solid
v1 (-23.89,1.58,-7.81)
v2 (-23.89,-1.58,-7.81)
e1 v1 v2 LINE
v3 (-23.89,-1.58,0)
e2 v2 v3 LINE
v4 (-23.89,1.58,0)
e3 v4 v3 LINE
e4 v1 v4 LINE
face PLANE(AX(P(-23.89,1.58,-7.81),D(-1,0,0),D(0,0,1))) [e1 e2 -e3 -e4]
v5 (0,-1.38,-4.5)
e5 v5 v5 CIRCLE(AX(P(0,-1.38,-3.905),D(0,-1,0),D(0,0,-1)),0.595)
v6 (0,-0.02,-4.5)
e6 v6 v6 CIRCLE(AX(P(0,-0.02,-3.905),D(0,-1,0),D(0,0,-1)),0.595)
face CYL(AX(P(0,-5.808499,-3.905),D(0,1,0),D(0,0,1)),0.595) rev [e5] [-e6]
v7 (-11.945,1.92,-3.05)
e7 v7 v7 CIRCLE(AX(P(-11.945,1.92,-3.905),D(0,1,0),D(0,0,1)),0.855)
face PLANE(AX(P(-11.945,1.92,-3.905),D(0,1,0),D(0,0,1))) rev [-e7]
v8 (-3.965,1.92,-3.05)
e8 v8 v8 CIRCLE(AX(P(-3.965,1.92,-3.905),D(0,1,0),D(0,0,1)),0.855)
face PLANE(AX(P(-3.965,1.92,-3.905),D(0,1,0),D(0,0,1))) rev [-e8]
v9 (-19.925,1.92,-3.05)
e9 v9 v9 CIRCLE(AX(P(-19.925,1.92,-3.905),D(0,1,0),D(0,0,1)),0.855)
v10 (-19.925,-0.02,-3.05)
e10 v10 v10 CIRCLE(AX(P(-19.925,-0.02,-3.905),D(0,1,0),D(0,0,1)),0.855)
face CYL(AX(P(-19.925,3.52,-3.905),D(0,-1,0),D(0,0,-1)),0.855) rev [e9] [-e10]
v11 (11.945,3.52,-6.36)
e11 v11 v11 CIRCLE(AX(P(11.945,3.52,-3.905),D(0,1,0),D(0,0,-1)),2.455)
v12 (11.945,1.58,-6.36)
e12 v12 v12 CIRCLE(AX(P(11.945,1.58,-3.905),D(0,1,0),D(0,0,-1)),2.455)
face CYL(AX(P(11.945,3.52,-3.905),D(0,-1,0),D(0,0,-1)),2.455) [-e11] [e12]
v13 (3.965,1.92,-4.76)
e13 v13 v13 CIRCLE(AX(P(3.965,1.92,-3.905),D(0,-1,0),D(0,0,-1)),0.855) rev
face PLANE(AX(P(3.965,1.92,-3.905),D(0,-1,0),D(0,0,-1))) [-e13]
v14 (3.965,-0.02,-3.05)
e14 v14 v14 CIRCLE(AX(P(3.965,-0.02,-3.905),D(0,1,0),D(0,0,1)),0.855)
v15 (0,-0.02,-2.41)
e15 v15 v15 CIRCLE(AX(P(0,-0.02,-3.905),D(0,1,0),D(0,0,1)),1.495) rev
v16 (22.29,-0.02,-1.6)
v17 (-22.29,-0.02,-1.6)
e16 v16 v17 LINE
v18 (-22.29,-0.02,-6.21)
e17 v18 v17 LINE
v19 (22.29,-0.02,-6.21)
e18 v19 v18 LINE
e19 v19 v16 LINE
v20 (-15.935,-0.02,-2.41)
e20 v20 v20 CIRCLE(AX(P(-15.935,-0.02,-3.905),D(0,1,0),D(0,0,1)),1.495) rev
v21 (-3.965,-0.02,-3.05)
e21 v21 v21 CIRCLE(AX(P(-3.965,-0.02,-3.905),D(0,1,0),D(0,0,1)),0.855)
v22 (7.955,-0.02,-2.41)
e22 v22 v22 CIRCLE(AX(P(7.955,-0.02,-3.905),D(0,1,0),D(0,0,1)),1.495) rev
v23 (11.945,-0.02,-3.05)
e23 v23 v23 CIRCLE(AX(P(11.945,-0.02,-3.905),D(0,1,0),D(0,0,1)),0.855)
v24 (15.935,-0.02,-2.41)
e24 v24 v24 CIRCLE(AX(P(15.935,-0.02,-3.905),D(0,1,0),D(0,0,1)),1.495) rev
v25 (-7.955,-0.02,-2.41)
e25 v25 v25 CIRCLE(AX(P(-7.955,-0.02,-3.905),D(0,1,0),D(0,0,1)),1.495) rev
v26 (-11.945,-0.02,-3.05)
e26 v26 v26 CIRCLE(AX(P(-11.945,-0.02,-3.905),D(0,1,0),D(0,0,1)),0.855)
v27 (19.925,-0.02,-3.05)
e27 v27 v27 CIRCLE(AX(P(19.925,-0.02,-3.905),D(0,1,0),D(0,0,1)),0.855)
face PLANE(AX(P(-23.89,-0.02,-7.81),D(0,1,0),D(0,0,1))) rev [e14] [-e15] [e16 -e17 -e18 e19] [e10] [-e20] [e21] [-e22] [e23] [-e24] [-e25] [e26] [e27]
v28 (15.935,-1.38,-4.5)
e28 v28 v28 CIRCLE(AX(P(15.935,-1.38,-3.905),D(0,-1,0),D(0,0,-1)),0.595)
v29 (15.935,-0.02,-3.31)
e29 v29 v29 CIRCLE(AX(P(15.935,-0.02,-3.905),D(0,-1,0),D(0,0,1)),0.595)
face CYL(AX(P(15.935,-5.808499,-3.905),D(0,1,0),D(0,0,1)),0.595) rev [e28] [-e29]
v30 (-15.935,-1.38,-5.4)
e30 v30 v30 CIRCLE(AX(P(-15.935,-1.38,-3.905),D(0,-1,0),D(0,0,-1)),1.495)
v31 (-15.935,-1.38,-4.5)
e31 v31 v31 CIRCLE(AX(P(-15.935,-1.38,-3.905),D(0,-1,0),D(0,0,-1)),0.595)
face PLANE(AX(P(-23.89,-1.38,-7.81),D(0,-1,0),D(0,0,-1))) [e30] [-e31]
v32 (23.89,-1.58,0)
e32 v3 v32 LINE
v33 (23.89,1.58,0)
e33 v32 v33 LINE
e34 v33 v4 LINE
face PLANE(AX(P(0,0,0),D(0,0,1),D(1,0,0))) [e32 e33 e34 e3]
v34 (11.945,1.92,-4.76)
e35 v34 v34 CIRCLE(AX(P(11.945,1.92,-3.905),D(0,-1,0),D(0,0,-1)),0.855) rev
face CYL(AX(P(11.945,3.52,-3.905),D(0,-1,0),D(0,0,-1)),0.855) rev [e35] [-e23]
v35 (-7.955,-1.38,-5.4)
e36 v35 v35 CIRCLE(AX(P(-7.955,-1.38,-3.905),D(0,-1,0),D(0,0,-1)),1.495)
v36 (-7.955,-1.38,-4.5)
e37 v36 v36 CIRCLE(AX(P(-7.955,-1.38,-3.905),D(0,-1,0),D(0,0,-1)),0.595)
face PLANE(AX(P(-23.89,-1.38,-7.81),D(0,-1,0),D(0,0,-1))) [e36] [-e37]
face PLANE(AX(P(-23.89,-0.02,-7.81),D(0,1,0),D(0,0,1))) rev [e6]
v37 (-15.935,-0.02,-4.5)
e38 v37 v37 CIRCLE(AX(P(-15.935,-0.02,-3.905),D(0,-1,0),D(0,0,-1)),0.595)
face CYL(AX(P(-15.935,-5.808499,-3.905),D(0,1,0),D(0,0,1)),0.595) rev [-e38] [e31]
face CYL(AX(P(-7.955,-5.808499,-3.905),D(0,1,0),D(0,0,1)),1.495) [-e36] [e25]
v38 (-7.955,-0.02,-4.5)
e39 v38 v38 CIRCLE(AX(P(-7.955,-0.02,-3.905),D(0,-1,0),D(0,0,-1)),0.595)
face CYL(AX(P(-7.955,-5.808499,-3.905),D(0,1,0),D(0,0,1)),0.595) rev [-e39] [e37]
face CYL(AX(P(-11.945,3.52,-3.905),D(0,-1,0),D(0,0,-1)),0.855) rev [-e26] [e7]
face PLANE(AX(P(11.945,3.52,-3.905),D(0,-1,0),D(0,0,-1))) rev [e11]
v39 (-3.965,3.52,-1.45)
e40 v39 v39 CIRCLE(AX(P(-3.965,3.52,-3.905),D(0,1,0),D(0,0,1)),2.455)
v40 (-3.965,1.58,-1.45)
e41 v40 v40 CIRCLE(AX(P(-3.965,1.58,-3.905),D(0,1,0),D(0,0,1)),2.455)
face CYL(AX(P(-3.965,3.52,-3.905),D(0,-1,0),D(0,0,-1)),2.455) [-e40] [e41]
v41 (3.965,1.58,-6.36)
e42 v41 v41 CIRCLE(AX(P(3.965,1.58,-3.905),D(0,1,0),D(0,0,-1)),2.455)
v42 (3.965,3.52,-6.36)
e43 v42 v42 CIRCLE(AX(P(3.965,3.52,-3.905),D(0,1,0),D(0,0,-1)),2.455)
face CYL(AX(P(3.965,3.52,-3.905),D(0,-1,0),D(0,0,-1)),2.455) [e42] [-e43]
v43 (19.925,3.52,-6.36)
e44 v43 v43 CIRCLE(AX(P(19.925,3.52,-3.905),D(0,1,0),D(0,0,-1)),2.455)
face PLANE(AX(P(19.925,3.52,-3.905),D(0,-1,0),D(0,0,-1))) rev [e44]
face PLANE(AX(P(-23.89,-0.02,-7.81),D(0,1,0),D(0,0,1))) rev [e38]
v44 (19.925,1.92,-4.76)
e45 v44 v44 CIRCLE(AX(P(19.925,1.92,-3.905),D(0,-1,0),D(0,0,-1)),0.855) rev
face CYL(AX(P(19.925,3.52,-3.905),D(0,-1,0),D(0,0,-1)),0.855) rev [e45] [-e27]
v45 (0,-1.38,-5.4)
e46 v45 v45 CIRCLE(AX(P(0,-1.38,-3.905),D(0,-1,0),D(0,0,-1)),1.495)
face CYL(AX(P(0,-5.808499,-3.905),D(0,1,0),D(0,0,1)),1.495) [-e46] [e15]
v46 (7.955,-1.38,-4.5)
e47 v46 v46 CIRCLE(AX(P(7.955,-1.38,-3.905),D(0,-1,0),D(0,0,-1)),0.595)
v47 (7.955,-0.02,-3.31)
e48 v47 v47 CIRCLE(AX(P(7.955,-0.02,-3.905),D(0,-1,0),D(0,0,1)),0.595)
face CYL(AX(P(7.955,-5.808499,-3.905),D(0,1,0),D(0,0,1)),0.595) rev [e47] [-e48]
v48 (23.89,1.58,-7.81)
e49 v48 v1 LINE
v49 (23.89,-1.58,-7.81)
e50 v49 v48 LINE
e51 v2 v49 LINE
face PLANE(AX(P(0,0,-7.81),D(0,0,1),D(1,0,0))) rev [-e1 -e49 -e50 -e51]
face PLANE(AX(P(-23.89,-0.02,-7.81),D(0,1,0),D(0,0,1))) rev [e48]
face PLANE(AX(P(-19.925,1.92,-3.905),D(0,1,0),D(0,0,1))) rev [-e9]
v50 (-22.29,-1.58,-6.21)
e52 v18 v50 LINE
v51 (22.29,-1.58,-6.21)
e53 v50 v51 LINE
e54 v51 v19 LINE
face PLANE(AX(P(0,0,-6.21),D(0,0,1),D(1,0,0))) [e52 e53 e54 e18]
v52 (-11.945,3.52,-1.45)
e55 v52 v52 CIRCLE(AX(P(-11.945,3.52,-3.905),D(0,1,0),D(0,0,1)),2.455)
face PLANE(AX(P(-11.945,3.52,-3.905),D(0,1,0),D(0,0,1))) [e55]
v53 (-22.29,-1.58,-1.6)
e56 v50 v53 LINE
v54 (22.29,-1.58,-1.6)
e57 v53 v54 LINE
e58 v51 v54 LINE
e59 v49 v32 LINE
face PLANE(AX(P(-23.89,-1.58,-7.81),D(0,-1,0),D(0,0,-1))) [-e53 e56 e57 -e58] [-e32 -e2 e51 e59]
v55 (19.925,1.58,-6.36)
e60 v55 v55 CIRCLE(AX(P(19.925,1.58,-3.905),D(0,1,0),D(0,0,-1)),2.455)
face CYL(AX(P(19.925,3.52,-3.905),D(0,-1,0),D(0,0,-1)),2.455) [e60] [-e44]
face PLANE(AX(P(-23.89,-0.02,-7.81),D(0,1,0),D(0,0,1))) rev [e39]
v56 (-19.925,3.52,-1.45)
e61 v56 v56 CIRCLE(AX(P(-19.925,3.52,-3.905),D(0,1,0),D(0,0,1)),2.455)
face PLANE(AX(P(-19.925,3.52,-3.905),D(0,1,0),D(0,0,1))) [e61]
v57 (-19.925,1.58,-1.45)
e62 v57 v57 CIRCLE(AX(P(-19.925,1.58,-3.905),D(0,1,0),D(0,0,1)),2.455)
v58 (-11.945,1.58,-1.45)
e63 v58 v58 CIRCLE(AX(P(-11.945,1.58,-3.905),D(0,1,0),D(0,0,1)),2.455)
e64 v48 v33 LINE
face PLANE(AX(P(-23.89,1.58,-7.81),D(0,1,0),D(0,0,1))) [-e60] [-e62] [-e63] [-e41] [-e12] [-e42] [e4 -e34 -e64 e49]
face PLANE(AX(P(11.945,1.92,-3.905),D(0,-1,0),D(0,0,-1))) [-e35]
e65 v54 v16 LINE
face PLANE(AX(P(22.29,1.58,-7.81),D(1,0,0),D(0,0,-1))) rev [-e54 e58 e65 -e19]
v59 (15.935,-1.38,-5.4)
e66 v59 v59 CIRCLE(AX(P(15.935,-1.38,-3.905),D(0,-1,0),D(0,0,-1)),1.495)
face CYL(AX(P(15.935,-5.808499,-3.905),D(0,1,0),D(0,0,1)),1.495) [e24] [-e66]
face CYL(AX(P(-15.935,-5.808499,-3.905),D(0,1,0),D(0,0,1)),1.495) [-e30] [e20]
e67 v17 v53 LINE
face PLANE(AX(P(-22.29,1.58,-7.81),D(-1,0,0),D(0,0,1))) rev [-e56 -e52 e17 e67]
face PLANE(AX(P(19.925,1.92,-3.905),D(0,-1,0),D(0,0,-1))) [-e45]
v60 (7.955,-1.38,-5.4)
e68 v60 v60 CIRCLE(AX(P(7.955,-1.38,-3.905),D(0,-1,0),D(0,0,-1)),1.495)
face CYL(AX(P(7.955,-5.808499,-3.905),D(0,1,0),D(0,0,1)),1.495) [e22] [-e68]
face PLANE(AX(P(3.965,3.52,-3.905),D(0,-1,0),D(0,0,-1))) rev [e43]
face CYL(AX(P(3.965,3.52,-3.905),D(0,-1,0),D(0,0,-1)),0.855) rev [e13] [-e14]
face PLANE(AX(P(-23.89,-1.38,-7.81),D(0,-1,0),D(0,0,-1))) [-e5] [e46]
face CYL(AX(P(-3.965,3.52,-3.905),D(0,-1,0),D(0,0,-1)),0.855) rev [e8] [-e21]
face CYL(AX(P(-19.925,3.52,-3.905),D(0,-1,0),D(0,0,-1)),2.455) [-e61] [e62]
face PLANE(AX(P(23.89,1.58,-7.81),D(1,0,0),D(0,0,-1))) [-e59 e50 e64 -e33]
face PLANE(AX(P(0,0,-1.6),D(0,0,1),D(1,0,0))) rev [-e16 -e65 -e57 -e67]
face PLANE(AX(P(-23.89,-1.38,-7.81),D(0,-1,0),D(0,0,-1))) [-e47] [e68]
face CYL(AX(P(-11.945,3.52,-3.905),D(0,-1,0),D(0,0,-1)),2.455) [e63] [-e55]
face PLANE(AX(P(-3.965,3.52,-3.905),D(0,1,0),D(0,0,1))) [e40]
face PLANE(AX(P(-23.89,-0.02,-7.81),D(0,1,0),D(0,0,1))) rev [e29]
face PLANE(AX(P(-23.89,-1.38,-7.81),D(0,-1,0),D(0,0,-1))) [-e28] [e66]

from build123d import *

# Parameters (mm, degrees)
SKETCH2_W           = 47.78
SKETCH2_H           = 3.16
BOSS_EXTRUDE1_DEPTH = 7.81
SKETCH3_R           = 2.455
BOSS_EXTRUDE2_DEPTH = 1.94
SHELL1_T            = -1.6
SKETCH4_R           = 1.495
SKETCH4_R_2         = 0.595
BOSS_EXTRUDE3_DEPTH = 1.36


with BuildPart() as part:
    # Sketch2 → Boss-Extrude1 (new body)
    with BuildSketch(Plane.XY):
        Rectangle(SKETCH2_W, SKETCH2_H)
    extrude(amount=-BOSS_EXTRUDE1_DEPTH)

    # Sketch3 → Boss-Extrude2 (add)
    with BuildSketch(Plane(origin=(0, 1.58, 0), x_dir=(1, 0, 0), z_dir=(0, 1, 0))):
        with Locations(Location((-19.925, 3.905, 0), (0, 0, 270))):
            Circle(SKETCH3_R)
        with Locations(Location((-11.945, 3.905, 0), (0, 0, 270))):
            Circle(SKETCH3_R)
        with Locations(Location((-3.965, 3.905, 0), (0, 0, 270))):
            Circle(SKETCH3_R)
        with Locations(Location((3.965, 3.905, 0), (0, 0, 90))):
            Circle(SKETCH3_R)
        with Locations(Location((11.945, 3.905, 0), (0, 0, 90))):
            Circle(SKETCH3_R)
        with Locations(Location((19.925, 3.905, 0), (0, 0, 90))):
            Circle(SKETCH3_R)
    extrude(amount=BOSS_EXTRUDE2_DEPTH)

    # Shell1
    shell1_openings = [part.faces().sort_by_distance(p)[0] for p in [
        (0, -1.58, -3.905),
    ]]
    offset(amount=SHELL1_T, openings=shell1_openings, kind=Kind.INTERSECTION)

    # Sketch4 → Boss-Extrude3 (add)
    # profile 1 of 5: a face of its own
    with BuildSketch(Plane.XZ.offset(0.02)):
        with Locations(Location((-15.935, -3.905, 0), (0, 0, 90))):
            Circle(SKETCH4_R)
        with Locations(Location((-15.935, -3.905, 0), (0, 0, 270))):
            Circle(SKETCH4_R_2, mode=Mode.SUBTRACT)
    # profile 2 of 5: a face of its own
    with BuildSketch(Plane.XZ.offset(0.02)):
        with Locations(Location((-7.955, -3.905, 0), (0, 0, 90))):
            Circle(SKETCH4_R)
        with Locations(Location((-7.955, -3.905, 0), (0, 0, 270))):
            Circle(SKETCH4_R_2, mode=Mode.SUBTRACT)
    # profile 3 of 5: a face of its own
    with BuildSketch(Plane.XZ.offset(0.02)):
        with Locations(Location((0, -3.905, 0), (0, 0, 90))):
            Circle(SKETCH4_R)
        with Locations(Location((0, -3.905, 0), (0, 0, 270))):
            Circle(SKETCH4_R_2, mode=Mode.SUBTRACT)
    # profile 4 of 5: a face of its own
    with BuildSketch(Plane.XZ.offset(0.02)):
        with Locations(Location((7.955, -3.905, 0), (0, 0, 90))):
            Circle(SKETCH4_R)
        with Locations(Location((7.955, -3.905, 0), (0, 0, 90))):
            Circle(SKETCH4_R_2, mode=Mode.SUBTRACT)
    # profile 5 of 5: a face of its own
    with BuildSketch(Plane.XZ.offset(0.02)):
        with Locations(Location((15.935, -3.905, 0), (0, 0, 90))):
            Circle(SKETCH4_R)
        with Locations(Location((15.935, -3.905, 0), (0, 0, 90))):
            Circle(SKETCH4_R_2, mode=Mode.SUBTRACT)
    extrude(amount=BOSS_EXTRUDE3_DEPTH)


solid = part.part
